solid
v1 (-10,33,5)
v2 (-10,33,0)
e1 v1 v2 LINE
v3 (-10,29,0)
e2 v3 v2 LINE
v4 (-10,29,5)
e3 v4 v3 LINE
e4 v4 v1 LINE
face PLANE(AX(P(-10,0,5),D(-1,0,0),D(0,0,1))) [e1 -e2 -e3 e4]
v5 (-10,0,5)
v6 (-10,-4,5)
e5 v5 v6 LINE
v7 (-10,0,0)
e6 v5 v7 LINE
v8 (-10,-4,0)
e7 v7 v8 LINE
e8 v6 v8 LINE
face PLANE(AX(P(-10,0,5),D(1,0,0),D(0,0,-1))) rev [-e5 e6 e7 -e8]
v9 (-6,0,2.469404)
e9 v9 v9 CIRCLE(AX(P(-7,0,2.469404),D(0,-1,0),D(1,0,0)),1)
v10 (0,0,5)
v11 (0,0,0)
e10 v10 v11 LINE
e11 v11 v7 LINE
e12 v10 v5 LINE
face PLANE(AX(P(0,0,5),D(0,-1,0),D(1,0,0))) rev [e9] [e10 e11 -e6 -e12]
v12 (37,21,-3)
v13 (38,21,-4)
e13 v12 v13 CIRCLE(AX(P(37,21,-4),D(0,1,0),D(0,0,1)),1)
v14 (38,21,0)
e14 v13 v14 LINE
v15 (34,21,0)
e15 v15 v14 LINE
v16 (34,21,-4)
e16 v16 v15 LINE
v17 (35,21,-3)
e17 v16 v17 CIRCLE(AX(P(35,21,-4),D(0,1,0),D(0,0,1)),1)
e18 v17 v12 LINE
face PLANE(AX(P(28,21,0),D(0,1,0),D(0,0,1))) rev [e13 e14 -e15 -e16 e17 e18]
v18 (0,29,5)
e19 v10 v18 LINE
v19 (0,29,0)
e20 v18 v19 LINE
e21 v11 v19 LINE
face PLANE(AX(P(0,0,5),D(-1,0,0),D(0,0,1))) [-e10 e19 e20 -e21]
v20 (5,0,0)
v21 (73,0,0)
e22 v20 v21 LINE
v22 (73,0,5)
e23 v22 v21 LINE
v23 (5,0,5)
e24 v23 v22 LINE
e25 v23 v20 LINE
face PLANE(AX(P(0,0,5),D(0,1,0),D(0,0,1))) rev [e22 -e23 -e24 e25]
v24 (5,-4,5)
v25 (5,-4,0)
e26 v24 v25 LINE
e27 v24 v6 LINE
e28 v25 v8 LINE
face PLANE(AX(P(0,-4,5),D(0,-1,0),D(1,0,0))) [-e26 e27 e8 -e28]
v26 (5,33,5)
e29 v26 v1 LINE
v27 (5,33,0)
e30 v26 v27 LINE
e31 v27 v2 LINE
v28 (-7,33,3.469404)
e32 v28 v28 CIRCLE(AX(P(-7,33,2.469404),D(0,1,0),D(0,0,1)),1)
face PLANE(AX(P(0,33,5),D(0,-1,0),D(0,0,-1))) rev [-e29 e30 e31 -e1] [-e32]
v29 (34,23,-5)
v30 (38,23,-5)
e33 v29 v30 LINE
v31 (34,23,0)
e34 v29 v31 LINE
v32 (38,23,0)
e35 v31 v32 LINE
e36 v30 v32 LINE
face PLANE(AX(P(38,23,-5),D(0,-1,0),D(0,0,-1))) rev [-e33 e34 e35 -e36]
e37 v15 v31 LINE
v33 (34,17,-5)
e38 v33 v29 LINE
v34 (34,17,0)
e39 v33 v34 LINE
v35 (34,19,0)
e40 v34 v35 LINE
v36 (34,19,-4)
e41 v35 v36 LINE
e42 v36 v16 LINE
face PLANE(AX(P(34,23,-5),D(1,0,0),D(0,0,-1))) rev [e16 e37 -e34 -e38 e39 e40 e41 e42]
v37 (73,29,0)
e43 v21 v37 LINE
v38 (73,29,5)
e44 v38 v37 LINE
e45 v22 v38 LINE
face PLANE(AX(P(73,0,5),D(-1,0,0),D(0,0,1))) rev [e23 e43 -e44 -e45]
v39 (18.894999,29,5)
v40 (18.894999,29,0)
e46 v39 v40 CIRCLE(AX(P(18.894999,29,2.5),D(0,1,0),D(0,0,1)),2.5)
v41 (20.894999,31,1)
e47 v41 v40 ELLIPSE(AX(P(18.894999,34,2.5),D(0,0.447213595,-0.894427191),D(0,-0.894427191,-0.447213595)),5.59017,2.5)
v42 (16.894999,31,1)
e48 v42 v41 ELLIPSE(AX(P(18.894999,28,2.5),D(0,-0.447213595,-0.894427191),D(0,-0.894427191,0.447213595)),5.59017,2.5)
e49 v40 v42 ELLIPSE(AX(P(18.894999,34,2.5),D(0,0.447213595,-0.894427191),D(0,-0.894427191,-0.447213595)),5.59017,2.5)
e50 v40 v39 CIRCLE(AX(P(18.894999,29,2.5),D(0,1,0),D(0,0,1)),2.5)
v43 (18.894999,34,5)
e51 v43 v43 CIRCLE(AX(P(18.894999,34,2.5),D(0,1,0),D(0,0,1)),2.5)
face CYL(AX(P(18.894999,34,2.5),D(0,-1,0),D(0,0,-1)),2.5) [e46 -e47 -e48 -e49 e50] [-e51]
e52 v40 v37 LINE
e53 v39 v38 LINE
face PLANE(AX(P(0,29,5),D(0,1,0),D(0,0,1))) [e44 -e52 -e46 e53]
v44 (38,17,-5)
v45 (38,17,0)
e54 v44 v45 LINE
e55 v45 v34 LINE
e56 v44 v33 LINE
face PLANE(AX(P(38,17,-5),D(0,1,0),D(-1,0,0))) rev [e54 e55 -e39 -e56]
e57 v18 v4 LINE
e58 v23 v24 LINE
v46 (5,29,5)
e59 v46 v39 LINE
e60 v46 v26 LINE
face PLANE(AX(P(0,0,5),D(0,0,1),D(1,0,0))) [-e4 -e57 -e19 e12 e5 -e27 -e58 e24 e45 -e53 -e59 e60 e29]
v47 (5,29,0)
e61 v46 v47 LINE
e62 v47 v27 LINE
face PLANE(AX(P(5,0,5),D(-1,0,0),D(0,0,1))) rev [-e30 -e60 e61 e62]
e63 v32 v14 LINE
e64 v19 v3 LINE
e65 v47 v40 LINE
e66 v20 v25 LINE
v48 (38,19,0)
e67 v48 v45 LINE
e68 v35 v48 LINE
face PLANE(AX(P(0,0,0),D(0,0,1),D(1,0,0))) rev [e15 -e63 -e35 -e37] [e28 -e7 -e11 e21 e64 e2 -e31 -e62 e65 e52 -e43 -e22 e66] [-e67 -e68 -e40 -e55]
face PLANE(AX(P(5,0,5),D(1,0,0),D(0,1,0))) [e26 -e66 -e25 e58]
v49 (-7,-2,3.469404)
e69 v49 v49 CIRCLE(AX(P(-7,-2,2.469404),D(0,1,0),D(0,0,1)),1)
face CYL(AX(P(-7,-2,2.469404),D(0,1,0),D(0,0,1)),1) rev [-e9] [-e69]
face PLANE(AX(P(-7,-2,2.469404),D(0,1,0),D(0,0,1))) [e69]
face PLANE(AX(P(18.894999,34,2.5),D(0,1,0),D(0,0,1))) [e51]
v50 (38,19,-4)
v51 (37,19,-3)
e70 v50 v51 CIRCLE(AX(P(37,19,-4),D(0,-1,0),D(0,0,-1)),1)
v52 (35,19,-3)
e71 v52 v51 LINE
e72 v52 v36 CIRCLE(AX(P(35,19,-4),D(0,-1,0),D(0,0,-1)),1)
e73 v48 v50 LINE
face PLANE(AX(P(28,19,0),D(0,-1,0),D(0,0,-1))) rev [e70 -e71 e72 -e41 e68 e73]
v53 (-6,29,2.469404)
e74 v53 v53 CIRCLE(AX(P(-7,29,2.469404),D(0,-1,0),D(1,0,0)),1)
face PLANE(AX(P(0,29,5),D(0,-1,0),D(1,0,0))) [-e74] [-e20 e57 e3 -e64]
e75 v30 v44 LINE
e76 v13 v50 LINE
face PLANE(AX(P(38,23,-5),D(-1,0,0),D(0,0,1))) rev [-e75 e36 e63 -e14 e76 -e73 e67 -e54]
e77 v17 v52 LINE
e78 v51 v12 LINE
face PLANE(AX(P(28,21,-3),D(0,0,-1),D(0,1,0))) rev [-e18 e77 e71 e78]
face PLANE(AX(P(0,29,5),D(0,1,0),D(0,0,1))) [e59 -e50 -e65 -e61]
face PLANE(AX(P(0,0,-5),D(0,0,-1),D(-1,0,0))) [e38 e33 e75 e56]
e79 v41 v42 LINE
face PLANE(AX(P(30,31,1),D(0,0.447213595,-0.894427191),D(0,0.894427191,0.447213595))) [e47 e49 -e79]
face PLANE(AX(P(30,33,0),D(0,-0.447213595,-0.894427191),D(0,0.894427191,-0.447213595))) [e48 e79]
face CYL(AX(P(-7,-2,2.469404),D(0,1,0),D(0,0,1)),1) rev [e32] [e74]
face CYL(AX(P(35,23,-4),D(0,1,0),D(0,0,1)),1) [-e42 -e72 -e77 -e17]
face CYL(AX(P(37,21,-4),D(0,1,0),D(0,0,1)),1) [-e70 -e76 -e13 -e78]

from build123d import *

# Parameters (mm, degrees)
SKETCH1_W           = 73
SKETCH1_H           = 29
BOSS_EXTRUDE1_DEPTH = 5
SKETCH2_R           = 1
CUT_EXTRUDE1_DEPTH  = 35
SKETCH3_W           = 4
SKETCH3_H           = 6
BOSS_EXTRUDE2_DEPTH = 5
SKETCH4_W           = 3
SKETCH4_H           = 2
CUT_EXTRUDE2_DEPTH  = 10
SKETCH5_R           = 2.5
BOSS_EXTRUDE3_DEPTH = 5
CUT_EXTRUDE3_DEPTH  = 25
FILLET1_R           = 1


with BuildPart() as part:
    # Sketch1 → Boss-Extrude1 (new body)
    with BuildSketch(Plane.XY):
        with Locations((36.5, 14.5)):
            Rectangle(SKETCH1_W, SKETCH1_H)
        Polygon((-10, 29), (0, 29), (5, 29), (5, 33), (-10, 33), align=None)
        Polygon((5, 0), (0, 0), (-10, 0), (-10, -4), (5, -4), align=None)
    extrude(amount=BOSS_EXTRUDE1_DEPTH)

    # Sketch2 → Cut-Extrude1 (cut)
    with BuildSketch(Plane(origin=(0, 33, 0), x_dir=(1, 0, 0), z_dir=(0, 1, 0))):
        with Locations(Location((-7, -2.46940408, 0), (0, 0, 270))):
            Circle(SKETCH2_R)
    extrude(amount=-CUT_EXTRUDE1_DEPTH, mode=Mode.SUBTRACT)

    # Sketch3 → Boss-Extrude2 (add)
    with BuildSketch(Plane(origin=(0, 0, 0), x_dir=(-1, 0, 0), z_dir=(0, 0, -1))):
        with Locations((-36, 20)):
            Rectangle(SKETCH3_W, SKETCH3_H)
    extrude(amount=BOSS_EXTRUDE2_DEPTH)

    # Sketch4 → Cut-Extrude2 (cut)
    with BuildSketch(Plane(origin=(38, 0, 0), x_dir=(0, 0, -1), z_dir=(1, 0, 0))):
        with Locations((1.5, 20)):
            Rectangle(SKETCH4_W, SKETCH4_H)
    extrude(amount=-CUT_EXTRUDE2_DEPTH, mode=Mode.SUBTRACT)

    # Sketch5 → Boss-Extrude3 (add)
    with BuildSketch(Plane(origin=(0, 29, 0), x_dir=(1, 0, 0), z_dir=(0, 1, 0))):
        with Locations(Location((18.894998898, -2.5, 0), (0, 0, 270))):
            Circle(SKETCH5_R)
    extrude(amount=BOSS_EXTRUDE3_DEPTH)

    # Sketch6 → Cut-Extrude3 (cut)
    with BuildSketch(Plane(origin=(5, 0, 0), x_dir=(0, 0, -1), z_dir=(1, 0, 0))):
        Polygon((0, 33), (-1, 31), (0, 29), align=None)
    extrude(amount=CUT_EXTRUDE3_DEPTH, mode=Mode.SUBTRACT)

    # Fillet1
    fillet1_edges = [part.edges().sort_by_distance(p)[0] for p in [
        (34, 20, -3),
        (38, 20, -3),
    ]]
    fillet(fillet1_edges, radius=FILLET1_R)


solid = part.part
